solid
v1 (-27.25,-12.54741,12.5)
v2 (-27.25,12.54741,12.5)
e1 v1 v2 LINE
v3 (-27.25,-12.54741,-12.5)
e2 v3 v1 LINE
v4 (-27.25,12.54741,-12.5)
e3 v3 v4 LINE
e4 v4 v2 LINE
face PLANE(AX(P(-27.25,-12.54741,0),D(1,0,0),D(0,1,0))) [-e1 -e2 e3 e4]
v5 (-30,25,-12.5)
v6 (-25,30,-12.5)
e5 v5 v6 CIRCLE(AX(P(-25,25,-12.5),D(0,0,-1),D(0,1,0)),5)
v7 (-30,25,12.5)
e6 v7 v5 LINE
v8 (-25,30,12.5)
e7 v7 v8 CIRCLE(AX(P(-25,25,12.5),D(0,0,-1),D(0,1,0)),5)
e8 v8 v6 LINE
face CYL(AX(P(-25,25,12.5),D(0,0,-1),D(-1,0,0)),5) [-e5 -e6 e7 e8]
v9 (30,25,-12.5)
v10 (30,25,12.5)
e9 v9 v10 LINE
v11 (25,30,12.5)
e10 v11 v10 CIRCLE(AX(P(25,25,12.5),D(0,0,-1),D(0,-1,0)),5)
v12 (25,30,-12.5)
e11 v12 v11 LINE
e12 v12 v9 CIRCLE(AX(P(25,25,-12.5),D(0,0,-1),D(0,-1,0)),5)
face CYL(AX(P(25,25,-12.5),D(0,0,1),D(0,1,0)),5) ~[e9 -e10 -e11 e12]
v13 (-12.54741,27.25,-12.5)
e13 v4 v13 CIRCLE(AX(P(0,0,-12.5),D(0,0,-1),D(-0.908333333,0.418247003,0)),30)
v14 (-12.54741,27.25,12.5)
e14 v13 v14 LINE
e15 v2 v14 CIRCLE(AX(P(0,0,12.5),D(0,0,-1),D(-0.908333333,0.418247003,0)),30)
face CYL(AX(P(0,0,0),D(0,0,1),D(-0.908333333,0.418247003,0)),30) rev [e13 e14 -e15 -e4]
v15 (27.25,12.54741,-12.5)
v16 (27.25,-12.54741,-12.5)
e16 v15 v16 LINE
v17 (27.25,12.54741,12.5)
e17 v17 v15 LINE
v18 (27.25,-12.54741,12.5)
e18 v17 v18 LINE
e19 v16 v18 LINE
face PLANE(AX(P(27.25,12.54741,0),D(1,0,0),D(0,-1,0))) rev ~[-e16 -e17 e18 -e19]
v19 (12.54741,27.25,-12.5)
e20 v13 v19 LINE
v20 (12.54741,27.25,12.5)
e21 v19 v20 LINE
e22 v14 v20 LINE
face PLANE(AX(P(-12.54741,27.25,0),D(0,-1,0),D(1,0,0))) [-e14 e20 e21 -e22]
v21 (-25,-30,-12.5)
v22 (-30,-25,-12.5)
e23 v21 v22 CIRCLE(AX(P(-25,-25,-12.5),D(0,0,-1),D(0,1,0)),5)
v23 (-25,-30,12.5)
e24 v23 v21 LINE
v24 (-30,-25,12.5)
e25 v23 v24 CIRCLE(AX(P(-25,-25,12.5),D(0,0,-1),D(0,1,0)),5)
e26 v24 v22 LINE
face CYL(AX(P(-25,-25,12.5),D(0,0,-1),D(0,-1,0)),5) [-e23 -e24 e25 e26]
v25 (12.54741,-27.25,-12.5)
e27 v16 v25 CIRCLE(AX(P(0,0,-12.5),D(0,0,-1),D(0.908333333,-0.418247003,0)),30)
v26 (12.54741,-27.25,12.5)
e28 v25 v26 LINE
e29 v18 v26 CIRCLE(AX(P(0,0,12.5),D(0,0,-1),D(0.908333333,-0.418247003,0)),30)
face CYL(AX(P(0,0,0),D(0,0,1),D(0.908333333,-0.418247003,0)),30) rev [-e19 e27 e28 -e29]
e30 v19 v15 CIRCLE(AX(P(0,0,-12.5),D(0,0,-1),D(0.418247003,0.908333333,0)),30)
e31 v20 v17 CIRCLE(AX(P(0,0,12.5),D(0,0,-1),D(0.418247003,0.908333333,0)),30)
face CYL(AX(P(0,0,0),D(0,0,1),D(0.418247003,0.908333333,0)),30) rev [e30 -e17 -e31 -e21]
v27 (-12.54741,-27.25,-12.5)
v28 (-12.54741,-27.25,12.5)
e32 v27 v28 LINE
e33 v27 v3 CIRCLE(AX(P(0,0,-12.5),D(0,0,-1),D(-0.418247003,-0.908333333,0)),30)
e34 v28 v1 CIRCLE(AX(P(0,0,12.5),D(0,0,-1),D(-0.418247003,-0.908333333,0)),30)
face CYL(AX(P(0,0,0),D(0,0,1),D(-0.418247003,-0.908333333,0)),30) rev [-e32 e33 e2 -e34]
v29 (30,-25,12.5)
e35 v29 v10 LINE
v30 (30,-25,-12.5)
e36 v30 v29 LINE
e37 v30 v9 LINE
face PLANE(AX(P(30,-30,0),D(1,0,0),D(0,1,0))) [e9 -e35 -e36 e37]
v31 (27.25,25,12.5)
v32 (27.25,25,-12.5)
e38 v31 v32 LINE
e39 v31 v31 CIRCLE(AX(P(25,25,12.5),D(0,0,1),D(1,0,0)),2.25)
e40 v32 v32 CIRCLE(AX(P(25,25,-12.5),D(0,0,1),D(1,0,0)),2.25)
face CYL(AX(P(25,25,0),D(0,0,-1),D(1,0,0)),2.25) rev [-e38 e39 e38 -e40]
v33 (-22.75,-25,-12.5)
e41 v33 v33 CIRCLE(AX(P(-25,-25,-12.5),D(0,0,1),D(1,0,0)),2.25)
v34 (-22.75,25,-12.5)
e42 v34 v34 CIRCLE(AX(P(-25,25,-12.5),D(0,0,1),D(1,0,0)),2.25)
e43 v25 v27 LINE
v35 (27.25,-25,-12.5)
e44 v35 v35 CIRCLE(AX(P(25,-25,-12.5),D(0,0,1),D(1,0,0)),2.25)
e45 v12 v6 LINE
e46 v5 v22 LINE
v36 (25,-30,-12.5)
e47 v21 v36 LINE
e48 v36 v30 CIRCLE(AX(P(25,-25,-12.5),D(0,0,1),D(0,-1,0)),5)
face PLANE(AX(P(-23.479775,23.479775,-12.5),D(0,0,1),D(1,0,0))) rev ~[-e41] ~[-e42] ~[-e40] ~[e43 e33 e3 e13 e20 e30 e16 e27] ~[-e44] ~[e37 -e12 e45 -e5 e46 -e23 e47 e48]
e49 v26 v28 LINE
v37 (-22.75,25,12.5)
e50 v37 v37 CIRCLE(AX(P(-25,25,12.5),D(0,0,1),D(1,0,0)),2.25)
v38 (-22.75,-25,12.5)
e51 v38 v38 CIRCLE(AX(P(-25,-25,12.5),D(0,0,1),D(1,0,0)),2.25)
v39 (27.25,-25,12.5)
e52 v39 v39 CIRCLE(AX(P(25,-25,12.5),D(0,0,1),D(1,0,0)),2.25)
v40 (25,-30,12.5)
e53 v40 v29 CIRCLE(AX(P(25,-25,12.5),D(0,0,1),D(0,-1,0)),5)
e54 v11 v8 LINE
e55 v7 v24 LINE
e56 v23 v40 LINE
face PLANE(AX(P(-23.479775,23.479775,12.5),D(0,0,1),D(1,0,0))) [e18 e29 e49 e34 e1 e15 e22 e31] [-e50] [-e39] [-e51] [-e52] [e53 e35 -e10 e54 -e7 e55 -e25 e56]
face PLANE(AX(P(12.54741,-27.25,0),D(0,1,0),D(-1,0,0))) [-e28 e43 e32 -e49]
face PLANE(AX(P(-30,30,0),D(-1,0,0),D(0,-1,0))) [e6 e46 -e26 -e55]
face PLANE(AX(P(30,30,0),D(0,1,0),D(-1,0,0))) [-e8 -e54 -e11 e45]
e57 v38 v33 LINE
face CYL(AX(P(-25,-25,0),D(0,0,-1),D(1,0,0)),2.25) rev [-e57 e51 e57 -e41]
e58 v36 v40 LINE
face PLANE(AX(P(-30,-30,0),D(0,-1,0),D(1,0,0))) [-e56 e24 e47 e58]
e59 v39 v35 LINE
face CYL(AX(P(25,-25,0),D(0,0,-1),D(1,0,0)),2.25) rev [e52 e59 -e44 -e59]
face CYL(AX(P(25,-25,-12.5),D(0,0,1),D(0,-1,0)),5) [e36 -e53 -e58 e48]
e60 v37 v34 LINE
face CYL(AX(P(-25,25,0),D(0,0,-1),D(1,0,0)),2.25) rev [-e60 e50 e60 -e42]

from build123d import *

# Parameters (mm, degrees)
F0_R     = 2.25
F1_DEPTH = 12.5
F2_R     = 5


with BuildPart() as f1:
    # F0 (on Top) → F1 (new body, symmetric)
    with BuildSketch(Plane.XY):
        with BuildLine():
            Line((-12.5474100913, 30), (-30, 30))
            Line((-30, 30), (-30, 12.5474100913))
            Line((-30, 12.5474100913), (-27.25, 12.5474100913))
            ThreePointArc((-27.25, 12.5474100913), (-21.2132034356, 21.2132034356), (-12.5474100913, 27.25))
            Line((-12.5474100913, 27.25), (-12.5474100913, 30))
        make_face()
        with Locations((-25, 25)):
            Circle(F0_R, mode=Mode.SUBTRACT)
        with BuildLine():
            Line((-2.31e-08, 30), (-12.5474100913, 30))
            Line((-12.5474100913, 30), (-12.5474100913, 27.25))
            ThreePointArc((-12.5474100913, 27.25), (-6.4226163006, 29.3044365217), (-2.31e-08, 30))
        make_face()
        with BuildLine():
            Line((-27.25, 12.5474100913), (-30, 12.5474100913))
            Line((-30, 12.5474100913), (-30, 3.74e-08))
            ThreePointArc((-30, 3.74e-08), (-29.3044365202, 6.4226163076), (-27.25, 12.5474100913))
        make_face()
        with BuildLine():
            Line((12.5474100913, 30), (-2.31e-08, 30))
            ThreePointArc((-2.31e-08, 30), (6.422616278, 29.3044365267), (12.5474100913, 27.25))
            Line((12.5474100913, 27.25), (12.5474100913, 30))
        make_face()
        with BuildLine():
            ThreePointArc((12.5474100913, 27.25), (6.422616278, 29.3044365267), (-2.31e-08, 30))
            ThreePointArc((-2.31e-08, 30), (-6.4226163006, 29.3044365217), (-12.5474100913, 27.25))
            Line((-12.5474100913, 27.25), (12.5474100913, 27.25))
        make_face()
        with BuildLine():
            ThreePointArc((-27.25, -12.5474100913), (-29.3044365282, -6.4226162711), (-30, 3.74e-08))
            Line((-30, 3.74e-08), (-30, -12.5474100913))
            Line((-30, -12.5474100913), (-27.25, -12.5474100913))
        make_face()
        with BuildLine():
            ThreePointArc((-27.25, 12.5474100913), (-29.3044365202, 6.4226163076), (-30, 3.74e-08))
            ThreePointArc((-30, 3.74e-08), (-29.3044365282, -6.4226162711), (-27.25, -12.5474100913))
            Line((-27.25, -12.5474100913), (-27.25, 12.5474100913))
        make_face()
        with BuildLine():
            Line((30, 30), (12.5474100913, 30))
            Line((12.5474100913, 30), (12.5474100913, 27.25))
            ThreePointArc((12.5474100913, 27.25), (21.2132034356, 21.2132034356), (27.25, 12.5474100913))
            Line((27.25, 12.5474100913), (30, 12.5474100913))
            Line((30, 12.5474100913), (30, 30))
        make_face()
        with Locations((25, 25)):
            Circle(F0_R, mode=Mode.SUBTRACT)
        with BuildLine():
            Line((-27.25, -12.5474100913), (-30, -12.5474100913))
            Line((-30, -12.5474100913), (-30, -30))
            Line((-30, -30), (-12.5474100913, -30))
            Line((-12.5474100913, -30), (-12.5474100913, -27.25))
            ThreePointArc((-12.5474100913, -27.25), (-21.2132034356, -21.2132034356), (-27.25, -12.5474100913))
        make_face()
        with Locations((-25, -25)):
            Circle(F0_R, mode=Mode.SUBTRACT)
        with BuildLine():
            Line((30, 12.5474100913), (27.25, 12.5474100913))
            ThreePointArc((27.25, 12.5474100913), (29.3044365242, 6.4226162893), (30, 0))
            Line((30, 0), (30, 12.5474100913))
        make_face()
        with BuildLine():
            ThreePointArc((30, 0), (29.3044365242, 6.4226162893), (27.25, 12.5474100913))
            Line((27.25, 12.5474100913), (27.25, -12.5474100913))
            ThreePointArc((27.25, -12.5474100913), (29.3044365242, -6.4226162893), (30, 0))
        make_face()
        with BuildLine():
            Line((12.5474100913, -27.25), (-12.5474100913, -27.25))
            ThreePointArc((-12.5474100913, -27.25), (-6.4226162893, -29.3044365242), (0, -30))
            ThreePointArc((0, -30), (6.4226162893, -29.3044365242), (12.5474100913, -27.25))
        make_face()
        with BuildLine():
            ThreePointArc((0, -30), (-6.4226162893, -29.3044365242), (-12.5474100913, -27.25))
            Line((-12.5474100913, -27.25), (-12.5474100913, -30))
            Line((-12.5474100913, -30), (0, -30))
        make_face()
        with BuildLine():
            Line((30, -12.5474100913), (30, 0))
            ThreePointArc((30, 0), (29.3044365242, -6.4226162893), (27.25, -12.5474100913))
            Line((27.25, -12.5474100913), (30, -12.5474100913))
        make_face()
        with BuildLine():
            Line((30, -12.5474100913), (27.25, -12.5474100913))
            ThreePointArc((27.25, -12.5474100913), (21.2132034356, -21.2132034356), (12.5474100913, -27.25))
            Line((12.5474100913, -27.25), (12.5474100913, -30))
            Line((12.5474100913, -30), (30, -30))
            Line((30, -30), (30, -12.5474100913))
        make_face()
        with Locations((25, -25)):
            Circle(F0_R, mode=Mode.SUBTRACT)
        with BuildLine():
            ThreePointArc((12.5474100913, -27.25), (6.4226162893, -29.3044365242), (0, -30))
            Line((0, -30), (12.5474100913, -30))
            Line((12.5474100913, -30), (12.5474100913, -27.25))
        make_face()
    extrude(amount=F1_DEPTH, both=True)

    # F2
    f2_edges = [f1.edges().sort_by_distance(p)[0] for p in [
        (-30, 30, 0),
        (30, -30, 0),
        (30, 30, 0),
        (-30, -30, 0),
    ]]
    fillet(f2_edges, radius=F2_R)


solid = f1.part
